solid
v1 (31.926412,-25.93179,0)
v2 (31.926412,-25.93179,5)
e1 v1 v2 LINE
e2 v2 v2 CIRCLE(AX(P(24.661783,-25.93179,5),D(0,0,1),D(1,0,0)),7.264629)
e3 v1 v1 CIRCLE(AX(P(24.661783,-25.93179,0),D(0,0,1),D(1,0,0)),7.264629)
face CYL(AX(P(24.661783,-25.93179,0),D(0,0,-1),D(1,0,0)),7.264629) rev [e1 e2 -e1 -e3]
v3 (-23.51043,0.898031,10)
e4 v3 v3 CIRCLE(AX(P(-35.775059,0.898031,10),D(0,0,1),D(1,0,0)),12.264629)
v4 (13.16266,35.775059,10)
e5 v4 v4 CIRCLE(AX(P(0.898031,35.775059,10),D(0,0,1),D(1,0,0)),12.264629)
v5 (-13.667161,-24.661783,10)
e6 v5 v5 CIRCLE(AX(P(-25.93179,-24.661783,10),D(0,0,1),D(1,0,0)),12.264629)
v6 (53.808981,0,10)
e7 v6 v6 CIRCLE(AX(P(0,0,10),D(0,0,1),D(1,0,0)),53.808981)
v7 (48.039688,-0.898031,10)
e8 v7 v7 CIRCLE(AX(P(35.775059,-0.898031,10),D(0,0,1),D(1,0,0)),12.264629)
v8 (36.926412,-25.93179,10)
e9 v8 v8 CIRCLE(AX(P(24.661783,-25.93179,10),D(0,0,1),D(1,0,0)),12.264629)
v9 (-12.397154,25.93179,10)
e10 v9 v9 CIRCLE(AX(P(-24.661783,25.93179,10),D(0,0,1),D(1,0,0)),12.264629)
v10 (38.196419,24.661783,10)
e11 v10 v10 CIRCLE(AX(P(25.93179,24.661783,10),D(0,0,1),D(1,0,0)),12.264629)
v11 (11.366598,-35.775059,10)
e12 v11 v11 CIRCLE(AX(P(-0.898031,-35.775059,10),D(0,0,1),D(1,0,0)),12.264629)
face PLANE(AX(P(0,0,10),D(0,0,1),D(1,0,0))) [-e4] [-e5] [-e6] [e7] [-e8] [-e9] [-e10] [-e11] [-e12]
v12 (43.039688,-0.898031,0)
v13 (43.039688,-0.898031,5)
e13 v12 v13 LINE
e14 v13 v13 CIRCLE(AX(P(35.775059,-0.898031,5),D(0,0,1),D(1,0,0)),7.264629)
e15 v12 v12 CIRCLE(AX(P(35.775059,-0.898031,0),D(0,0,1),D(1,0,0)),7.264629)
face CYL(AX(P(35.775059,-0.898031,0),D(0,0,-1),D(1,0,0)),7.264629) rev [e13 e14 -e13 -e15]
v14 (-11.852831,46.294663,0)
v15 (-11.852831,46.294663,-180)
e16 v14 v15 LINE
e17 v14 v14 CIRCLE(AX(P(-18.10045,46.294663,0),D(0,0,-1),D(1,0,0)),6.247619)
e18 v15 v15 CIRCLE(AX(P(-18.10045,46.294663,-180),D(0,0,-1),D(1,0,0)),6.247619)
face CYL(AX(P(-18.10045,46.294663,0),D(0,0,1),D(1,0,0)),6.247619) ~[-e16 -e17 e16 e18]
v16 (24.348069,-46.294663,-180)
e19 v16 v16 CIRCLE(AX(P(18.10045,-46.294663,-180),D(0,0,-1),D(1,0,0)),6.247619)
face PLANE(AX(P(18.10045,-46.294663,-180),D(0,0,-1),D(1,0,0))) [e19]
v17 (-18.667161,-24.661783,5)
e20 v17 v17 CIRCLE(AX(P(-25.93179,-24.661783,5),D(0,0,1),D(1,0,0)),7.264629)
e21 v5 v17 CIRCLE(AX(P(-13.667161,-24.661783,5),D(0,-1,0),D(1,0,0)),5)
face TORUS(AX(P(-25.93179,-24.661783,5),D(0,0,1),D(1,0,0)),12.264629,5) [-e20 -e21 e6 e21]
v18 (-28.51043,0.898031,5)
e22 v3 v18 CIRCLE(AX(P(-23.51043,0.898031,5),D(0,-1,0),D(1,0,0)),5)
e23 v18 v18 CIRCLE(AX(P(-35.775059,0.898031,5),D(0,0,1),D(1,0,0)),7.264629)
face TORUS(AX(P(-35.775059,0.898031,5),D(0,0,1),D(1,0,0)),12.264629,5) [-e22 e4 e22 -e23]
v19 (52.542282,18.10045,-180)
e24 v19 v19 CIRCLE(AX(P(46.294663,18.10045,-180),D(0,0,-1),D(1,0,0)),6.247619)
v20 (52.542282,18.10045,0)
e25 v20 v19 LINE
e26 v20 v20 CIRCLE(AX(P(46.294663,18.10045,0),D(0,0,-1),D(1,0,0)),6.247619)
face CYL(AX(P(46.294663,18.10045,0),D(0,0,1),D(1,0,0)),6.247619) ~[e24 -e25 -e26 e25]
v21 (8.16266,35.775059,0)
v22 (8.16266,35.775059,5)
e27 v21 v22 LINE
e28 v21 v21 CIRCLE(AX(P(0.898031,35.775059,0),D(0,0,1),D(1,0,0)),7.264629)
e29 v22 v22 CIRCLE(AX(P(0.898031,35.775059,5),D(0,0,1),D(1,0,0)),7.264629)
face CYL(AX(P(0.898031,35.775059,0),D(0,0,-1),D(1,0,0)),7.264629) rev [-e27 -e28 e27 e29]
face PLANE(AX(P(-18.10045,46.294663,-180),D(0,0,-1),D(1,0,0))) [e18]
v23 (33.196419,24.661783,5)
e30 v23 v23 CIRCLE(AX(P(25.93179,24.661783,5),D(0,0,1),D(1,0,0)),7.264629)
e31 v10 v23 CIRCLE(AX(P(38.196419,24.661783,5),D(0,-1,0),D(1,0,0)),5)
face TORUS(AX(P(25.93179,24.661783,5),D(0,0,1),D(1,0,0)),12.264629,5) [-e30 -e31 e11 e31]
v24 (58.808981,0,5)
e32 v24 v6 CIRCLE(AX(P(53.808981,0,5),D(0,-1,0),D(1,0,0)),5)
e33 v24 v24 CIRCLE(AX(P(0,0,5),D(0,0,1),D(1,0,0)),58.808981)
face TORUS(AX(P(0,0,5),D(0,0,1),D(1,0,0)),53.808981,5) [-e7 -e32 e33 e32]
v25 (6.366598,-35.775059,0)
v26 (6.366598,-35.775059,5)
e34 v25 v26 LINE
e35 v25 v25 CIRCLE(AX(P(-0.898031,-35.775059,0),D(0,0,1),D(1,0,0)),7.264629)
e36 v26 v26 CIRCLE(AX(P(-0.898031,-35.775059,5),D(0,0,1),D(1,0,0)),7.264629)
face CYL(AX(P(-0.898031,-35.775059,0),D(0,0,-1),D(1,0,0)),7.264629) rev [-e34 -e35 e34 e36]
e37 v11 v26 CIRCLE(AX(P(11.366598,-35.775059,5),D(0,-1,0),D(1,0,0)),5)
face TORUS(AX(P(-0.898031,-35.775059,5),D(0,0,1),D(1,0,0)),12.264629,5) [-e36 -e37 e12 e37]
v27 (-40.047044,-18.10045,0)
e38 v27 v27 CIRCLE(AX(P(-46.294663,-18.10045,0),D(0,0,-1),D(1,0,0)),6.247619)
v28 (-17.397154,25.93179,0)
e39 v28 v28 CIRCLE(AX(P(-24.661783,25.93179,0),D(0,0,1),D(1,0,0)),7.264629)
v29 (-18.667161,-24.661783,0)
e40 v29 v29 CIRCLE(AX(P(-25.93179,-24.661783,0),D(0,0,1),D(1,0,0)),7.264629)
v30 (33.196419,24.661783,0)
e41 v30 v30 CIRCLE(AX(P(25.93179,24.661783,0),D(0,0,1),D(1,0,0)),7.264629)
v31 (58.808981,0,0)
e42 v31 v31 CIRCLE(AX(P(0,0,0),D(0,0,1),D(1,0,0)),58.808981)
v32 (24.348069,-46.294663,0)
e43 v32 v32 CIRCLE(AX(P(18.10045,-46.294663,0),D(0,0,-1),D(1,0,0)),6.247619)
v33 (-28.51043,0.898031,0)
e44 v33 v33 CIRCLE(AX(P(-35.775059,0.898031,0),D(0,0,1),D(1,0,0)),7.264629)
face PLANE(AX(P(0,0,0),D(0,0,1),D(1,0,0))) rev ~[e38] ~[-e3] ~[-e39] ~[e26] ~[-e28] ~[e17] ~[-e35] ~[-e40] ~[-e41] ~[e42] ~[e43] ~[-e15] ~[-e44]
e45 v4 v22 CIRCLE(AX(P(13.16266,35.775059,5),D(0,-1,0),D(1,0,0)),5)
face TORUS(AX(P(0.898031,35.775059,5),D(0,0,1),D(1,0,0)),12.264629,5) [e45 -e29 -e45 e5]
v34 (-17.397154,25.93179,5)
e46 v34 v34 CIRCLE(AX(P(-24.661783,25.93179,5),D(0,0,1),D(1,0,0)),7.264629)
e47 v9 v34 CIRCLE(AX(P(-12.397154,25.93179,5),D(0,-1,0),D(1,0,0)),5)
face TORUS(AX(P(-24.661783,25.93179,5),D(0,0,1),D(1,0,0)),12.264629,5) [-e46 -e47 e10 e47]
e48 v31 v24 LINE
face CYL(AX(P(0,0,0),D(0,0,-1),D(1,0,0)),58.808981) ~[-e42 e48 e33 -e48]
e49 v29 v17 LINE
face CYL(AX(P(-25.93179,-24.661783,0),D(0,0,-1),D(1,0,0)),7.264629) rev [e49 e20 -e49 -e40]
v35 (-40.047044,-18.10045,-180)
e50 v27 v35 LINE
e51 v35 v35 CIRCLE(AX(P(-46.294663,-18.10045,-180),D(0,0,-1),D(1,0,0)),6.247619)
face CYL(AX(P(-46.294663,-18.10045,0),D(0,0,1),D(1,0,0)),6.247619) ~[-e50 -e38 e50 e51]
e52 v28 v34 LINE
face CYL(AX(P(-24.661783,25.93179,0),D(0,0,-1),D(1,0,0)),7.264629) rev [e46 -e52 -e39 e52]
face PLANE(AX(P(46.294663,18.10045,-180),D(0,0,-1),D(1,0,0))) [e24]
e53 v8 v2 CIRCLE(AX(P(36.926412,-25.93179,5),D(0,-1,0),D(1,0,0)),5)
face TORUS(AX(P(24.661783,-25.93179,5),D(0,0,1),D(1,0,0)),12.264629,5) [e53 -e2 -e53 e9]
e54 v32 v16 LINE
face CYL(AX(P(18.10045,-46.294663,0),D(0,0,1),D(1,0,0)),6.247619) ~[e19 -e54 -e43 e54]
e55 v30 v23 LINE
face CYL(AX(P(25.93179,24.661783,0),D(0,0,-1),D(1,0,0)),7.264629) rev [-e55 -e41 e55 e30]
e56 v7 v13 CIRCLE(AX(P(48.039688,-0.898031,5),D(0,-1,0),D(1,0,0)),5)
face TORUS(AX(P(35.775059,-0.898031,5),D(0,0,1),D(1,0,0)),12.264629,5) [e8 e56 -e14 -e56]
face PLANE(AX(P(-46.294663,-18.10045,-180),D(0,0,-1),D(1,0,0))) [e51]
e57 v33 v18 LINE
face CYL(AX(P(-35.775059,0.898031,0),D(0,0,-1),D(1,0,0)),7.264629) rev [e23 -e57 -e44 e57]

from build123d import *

# Parameters (mm, degrees)
F0_R     = 58.808981
F0_R_2   = 7.264629
F1_DEPTH = 10
F2_R     = 5
F3_R     = 6.247619
F4_DEPTH = 180
F5_R     = 5


with BuildPart() as f1:
    # F0 (on Top) → F1 (new body)
    with BuildSketch(Plane.XY):
        Circle(F0_R)
        with Locations((-0.898031, -35.775059)):
            Circle(F0_R_2, mode=Mode.SUBTRACT)
        with Locations((-25.93179, -24.661783)):
            Circle(F0_R_2, mode=Mode.SUBTRACT)
        with Locations((24.661783, -25.93179)):
            Circle(F0_R_2, mode=Mode.SUBTRACT)
        with Locations((35.775059, -0.898031)):
            Circle(F0_R_2, mode=Mode.SUBTRACT)
        with Locations((-35.775059, 0.898031)):
            Circle(F0_R_2, mode=Mode.SUBTRACT)
        with Locations((-24.661783, 25.93179)):
            Circle(F0_R_2, mode=Mode.SUBTRACT)
        with Locations((25.93179, 24.661783)):
            Circle(F0_R_2, mode=Mode.SUBTRACT)
        with Locations((0.898031, 35.775059)):
            Circle(F0_R_2, mode=Mode.SUBTRACT)
    extrude(amount=F1_DEPTH)

    # F2
    f2_edges = [f1.edges().sort_by_distance(p)[0] for p in [
        (-58.808981, 0, 10),
    ]]
    fillet(f2_edges, radius=F2_R)

    # F3 (on face) → F4 (join)
    with BuildSketch(Plane(origin=(0, 0, 0), x_dir=(1, 0, 0), z_dir=(0, 0, -1))):
        with Locations((18.10045, 46.294663)):
            Circle(F3_R)
        with Locations((-46.294663, 18.10045)):
            Circle(F3_R)
        with Locations((-18.10045, -46.294663)):
            Circle(F3_R)
        with Locations((46.294663, -18.10045)):
            Circle(F3_R)
    extrude(amount=F4_DEPTH)

    # F5
    f5_edges = [f1.edges().sort_by_distance(p)[0] for p in [
        (-53.808981, 0, 10),
        (-8.162659, -35.775059, 10),
        (-33.196419, -24.661783, 10),
        (17.397155, -25.93179, 10),
        (28.51043, -0.898031, 10),
        (-43.039687, 0.898031, 10),
        (-31.926412, 25.93179, 10),
        (18.667162, 24.661783, 10),
        (-6.366598, 35.775059, 10),
    ]]
    fillet(f5_edges, radius=F5_R)


solid = f1.part
